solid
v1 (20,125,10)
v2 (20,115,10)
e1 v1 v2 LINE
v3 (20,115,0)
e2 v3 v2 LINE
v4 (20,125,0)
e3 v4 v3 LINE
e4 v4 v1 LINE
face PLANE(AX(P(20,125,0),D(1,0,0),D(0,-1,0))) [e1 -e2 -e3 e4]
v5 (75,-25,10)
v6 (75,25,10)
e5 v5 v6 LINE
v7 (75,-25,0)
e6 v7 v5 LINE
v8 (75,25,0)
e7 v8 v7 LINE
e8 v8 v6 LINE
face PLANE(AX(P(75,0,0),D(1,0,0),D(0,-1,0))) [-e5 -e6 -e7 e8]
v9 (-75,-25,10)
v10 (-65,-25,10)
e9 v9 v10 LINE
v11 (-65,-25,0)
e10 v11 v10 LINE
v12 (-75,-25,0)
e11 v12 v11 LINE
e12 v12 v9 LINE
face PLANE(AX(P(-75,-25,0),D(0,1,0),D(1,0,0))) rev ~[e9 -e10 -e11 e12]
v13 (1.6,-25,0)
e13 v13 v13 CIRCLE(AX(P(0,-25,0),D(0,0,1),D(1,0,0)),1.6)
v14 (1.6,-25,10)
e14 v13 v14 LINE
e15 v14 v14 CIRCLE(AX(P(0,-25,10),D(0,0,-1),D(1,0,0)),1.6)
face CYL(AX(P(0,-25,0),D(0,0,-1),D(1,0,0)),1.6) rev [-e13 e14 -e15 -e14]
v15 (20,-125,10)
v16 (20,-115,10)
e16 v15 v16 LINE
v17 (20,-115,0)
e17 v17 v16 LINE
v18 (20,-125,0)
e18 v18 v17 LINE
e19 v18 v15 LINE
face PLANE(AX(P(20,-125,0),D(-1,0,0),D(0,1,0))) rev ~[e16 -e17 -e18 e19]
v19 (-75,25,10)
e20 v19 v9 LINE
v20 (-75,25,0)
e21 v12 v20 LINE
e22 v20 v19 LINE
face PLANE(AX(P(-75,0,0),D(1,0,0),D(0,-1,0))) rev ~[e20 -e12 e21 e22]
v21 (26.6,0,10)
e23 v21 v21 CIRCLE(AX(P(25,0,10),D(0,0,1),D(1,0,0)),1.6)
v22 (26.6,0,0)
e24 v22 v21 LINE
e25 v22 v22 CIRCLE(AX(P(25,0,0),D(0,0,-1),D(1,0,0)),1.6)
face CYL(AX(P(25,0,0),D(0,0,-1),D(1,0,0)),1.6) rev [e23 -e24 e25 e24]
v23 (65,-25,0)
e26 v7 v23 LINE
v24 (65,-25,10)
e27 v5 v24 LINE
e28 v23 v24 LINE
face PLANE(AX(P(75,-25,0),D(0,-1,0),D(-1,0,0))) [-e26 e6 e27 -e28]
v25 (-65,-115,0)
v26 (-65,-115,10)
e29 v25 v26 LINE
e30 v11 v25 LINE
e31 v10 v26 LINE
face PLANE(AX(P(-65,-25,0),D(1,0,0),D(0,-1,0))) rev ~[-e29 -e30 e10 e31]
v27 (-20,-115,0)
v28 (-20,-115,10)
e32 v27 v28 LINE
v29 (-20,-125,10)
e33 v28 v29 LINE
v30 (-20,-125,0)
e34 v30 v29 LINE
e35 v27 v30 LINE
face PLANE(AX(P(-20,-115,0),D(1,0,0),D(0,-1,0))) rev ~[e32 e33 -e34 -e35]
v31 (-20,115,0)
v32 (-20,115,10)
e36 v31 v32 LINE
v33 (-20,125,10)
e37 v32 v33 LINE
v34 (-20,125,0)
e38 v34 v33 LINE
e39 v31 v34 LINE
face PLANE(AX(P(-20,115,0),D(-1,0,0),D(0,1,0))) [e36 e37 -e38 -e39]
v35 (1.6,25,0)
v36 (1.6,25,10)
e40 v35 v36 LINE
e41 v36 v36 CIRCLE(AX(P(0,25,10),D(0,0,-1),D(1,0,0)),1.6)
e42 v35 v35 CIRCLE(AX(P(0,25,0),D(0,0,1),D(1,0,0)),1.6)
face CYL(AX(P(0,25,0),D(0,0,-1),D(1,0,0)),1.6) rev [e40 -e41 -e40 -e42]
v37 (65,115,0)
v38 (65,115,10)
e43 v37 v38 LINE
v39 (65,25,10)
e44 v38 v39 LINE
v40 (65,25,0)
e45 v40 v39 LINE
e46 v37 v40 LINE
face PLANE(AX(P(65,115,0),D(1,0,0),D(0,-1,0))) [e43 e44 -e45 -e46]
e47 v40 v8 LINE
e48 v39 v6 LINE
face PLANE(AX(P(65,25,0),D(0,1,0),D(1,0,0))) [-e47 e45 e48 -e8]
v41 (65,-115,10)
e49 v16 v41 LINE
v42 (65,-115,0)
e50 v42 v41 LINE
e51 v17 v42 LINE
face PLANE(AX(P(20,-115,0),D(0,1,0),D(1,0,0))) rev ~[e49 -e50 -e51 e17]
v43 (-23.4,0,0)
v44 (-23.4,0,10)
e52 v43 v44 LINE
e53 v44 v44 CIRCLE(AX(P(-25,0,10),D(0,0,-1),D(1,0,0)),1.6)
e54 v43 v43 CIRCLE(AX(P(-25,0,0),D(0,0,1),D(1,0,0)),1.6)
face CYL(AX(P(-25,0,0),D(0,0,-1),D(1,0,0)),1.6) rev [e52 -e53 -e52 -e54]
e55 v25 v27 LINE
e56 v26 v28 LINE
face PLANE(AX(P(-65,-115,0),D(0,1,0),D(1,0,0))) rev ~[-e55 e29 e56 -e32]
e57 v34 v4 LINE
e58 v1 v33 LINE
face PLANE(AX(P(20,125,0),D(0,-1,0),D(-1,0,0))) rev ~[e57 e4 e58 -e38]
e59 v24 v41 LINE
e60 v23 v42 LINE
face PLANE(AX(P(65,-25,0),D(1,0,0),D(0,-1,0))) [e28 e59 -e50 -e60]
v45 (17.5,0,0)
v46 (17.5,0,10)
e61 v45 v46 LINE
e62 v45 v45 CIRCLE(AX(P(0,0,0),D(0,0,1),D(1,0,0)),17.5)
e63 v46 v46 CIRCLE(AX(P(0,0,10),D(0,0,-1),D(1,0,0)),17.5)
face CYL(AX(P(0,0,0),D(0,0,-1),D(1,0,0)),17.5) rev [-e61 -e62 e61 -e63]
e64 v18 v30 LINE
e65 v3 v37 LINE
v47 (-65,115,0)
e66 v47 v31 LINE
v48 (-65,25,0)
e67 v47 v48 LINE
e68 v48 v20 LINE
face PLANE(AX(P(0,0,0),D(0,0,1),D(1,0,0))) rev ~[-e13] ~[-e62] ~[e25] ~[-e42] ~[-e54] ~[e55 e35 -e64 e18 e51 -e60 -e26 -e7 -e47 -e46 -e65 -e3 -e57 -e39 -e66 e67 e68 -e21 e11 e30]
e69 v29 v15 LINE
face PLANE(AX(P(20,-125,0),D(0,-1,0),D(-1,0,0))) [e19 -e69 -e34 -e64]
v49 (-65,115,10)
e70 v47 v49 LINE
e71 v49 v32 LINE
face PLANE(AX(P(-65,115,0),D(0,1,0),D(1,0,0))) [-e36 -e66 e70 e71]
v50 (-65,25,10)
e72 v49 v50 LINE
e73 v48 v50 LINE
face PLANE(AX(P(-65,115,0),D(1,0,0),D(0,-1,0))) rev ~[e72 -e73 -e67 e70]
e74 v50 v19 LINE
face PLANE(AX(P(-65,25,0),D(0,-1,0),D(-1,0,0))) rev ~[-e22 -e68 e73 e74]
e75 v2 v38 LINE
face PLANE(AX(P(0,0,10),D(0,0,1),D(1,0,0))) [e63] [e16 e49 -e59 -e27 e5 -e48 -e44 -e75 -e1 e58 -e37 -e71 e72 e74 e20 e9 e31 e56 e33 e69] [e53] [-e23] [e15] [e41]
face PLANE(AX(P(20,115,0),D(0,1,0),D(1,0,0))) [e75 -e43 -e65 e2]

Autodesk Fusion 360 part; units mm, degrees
sketch "Esquisse1" plane through (0, 0, 0) normal (0, 0, 1) x (1, 0, 0)
  line L0 (75, -125) -> (-75, -125) construction
  line L1 (-75, -125) -> (-75, 125) construction
  line L2 (-75, 125) -> (75, 125) construction
  line L3 (75, 125) -> (75, -125) construction
  line L4 (75, -125) -> (-75, 125) construction
  line L5 (-75, -125) -> (75, 125) construction
  circle A0 centre (0, 0) radius 17.5
  circle A1 centre (0, 0) radius 25 construction
  circle A2 centre (0, 25) radius 1.6
  circle A3 centre (-25, 0) radius 1.6
  circle A4 centre (0, -25) radius 1.6
  circle A5 centre (25, 0) radius 1.6
  line L6 (0, 125) -> (0, -125)
  line L7 (-75, 0) -> (75, 0)
  line L8 (75, 125) -> (-75, 125) construction
  line L9 (-75, -125) -> (75, -125) construction
  line L10 (75, -125) -> (-75, -125) construction
  line L11 (-65, 115) -> (-65, 25)
  line L12 (-65, 25) -> (-75, 25)
  line L13 (-75, 25) -> (-75, -25)
  line L14 (-75, -25) -> (-65, -25)
  line L15 (-65, -25) -> (-65, -115)
  line L16 (65, 115) -> (65, 25)
  line L17 (65, 25) -> (75, 25)
  line L18 (75, -125) -> (75, 125) construction
  line L19 (75, -25) -> (65, -25)
  line L20 (65, -25) -> (65, -115)
  line L21 (75, 25) -> (75, -25)
  line L22 (-65, 115) -> (-20, 115)
  line L23 (-20, 115) -> (-20, 125)
  line L24 (20, 125) -> (-20, 125)
  line L25 (20, 125) -> (20, 115)
  line L26 (20, 115) -> (65, 115)
  line L27 (20, -125) -> (20, -115)
  line L28 (20, -115) -> (65, -115)
  line L29 (20, -125) -> (-20, -125)
  line L30 (-20, -115) -> (-20, -125)
  line L31 (-65, -115) -> (-20, -115)
  circle A6 centre (0, 0) radius 33.25 construction
  dimension "d1" = 150
  dimension "d2" = 250
  dimension "d3" = 35
  dimension "d5" = 3.2
  dimension "d9" = 50
  dimension "d14" = 40
  dimension "d15" = 10
  dimension "d16" = 10
  dimension "d17" = 66.5
  dimension "d18" = 50
  dimension "d25" = 10
extrude "Extrusion1" add sketch "Esquisse1" along normal blind 10 contours A0 A4 A5 L6 L7 L19 L20 L21 L27 L28 L29 | A0 A2 A5 L6 L7 L16 L17 L21 L24 L25 L26 | A0 A2 A3 L6 L7 L11 L12 L13 L22 L23 L24 | A0 A3 A4 L6 L7 L13 L14 L15 L29 L30 L31
